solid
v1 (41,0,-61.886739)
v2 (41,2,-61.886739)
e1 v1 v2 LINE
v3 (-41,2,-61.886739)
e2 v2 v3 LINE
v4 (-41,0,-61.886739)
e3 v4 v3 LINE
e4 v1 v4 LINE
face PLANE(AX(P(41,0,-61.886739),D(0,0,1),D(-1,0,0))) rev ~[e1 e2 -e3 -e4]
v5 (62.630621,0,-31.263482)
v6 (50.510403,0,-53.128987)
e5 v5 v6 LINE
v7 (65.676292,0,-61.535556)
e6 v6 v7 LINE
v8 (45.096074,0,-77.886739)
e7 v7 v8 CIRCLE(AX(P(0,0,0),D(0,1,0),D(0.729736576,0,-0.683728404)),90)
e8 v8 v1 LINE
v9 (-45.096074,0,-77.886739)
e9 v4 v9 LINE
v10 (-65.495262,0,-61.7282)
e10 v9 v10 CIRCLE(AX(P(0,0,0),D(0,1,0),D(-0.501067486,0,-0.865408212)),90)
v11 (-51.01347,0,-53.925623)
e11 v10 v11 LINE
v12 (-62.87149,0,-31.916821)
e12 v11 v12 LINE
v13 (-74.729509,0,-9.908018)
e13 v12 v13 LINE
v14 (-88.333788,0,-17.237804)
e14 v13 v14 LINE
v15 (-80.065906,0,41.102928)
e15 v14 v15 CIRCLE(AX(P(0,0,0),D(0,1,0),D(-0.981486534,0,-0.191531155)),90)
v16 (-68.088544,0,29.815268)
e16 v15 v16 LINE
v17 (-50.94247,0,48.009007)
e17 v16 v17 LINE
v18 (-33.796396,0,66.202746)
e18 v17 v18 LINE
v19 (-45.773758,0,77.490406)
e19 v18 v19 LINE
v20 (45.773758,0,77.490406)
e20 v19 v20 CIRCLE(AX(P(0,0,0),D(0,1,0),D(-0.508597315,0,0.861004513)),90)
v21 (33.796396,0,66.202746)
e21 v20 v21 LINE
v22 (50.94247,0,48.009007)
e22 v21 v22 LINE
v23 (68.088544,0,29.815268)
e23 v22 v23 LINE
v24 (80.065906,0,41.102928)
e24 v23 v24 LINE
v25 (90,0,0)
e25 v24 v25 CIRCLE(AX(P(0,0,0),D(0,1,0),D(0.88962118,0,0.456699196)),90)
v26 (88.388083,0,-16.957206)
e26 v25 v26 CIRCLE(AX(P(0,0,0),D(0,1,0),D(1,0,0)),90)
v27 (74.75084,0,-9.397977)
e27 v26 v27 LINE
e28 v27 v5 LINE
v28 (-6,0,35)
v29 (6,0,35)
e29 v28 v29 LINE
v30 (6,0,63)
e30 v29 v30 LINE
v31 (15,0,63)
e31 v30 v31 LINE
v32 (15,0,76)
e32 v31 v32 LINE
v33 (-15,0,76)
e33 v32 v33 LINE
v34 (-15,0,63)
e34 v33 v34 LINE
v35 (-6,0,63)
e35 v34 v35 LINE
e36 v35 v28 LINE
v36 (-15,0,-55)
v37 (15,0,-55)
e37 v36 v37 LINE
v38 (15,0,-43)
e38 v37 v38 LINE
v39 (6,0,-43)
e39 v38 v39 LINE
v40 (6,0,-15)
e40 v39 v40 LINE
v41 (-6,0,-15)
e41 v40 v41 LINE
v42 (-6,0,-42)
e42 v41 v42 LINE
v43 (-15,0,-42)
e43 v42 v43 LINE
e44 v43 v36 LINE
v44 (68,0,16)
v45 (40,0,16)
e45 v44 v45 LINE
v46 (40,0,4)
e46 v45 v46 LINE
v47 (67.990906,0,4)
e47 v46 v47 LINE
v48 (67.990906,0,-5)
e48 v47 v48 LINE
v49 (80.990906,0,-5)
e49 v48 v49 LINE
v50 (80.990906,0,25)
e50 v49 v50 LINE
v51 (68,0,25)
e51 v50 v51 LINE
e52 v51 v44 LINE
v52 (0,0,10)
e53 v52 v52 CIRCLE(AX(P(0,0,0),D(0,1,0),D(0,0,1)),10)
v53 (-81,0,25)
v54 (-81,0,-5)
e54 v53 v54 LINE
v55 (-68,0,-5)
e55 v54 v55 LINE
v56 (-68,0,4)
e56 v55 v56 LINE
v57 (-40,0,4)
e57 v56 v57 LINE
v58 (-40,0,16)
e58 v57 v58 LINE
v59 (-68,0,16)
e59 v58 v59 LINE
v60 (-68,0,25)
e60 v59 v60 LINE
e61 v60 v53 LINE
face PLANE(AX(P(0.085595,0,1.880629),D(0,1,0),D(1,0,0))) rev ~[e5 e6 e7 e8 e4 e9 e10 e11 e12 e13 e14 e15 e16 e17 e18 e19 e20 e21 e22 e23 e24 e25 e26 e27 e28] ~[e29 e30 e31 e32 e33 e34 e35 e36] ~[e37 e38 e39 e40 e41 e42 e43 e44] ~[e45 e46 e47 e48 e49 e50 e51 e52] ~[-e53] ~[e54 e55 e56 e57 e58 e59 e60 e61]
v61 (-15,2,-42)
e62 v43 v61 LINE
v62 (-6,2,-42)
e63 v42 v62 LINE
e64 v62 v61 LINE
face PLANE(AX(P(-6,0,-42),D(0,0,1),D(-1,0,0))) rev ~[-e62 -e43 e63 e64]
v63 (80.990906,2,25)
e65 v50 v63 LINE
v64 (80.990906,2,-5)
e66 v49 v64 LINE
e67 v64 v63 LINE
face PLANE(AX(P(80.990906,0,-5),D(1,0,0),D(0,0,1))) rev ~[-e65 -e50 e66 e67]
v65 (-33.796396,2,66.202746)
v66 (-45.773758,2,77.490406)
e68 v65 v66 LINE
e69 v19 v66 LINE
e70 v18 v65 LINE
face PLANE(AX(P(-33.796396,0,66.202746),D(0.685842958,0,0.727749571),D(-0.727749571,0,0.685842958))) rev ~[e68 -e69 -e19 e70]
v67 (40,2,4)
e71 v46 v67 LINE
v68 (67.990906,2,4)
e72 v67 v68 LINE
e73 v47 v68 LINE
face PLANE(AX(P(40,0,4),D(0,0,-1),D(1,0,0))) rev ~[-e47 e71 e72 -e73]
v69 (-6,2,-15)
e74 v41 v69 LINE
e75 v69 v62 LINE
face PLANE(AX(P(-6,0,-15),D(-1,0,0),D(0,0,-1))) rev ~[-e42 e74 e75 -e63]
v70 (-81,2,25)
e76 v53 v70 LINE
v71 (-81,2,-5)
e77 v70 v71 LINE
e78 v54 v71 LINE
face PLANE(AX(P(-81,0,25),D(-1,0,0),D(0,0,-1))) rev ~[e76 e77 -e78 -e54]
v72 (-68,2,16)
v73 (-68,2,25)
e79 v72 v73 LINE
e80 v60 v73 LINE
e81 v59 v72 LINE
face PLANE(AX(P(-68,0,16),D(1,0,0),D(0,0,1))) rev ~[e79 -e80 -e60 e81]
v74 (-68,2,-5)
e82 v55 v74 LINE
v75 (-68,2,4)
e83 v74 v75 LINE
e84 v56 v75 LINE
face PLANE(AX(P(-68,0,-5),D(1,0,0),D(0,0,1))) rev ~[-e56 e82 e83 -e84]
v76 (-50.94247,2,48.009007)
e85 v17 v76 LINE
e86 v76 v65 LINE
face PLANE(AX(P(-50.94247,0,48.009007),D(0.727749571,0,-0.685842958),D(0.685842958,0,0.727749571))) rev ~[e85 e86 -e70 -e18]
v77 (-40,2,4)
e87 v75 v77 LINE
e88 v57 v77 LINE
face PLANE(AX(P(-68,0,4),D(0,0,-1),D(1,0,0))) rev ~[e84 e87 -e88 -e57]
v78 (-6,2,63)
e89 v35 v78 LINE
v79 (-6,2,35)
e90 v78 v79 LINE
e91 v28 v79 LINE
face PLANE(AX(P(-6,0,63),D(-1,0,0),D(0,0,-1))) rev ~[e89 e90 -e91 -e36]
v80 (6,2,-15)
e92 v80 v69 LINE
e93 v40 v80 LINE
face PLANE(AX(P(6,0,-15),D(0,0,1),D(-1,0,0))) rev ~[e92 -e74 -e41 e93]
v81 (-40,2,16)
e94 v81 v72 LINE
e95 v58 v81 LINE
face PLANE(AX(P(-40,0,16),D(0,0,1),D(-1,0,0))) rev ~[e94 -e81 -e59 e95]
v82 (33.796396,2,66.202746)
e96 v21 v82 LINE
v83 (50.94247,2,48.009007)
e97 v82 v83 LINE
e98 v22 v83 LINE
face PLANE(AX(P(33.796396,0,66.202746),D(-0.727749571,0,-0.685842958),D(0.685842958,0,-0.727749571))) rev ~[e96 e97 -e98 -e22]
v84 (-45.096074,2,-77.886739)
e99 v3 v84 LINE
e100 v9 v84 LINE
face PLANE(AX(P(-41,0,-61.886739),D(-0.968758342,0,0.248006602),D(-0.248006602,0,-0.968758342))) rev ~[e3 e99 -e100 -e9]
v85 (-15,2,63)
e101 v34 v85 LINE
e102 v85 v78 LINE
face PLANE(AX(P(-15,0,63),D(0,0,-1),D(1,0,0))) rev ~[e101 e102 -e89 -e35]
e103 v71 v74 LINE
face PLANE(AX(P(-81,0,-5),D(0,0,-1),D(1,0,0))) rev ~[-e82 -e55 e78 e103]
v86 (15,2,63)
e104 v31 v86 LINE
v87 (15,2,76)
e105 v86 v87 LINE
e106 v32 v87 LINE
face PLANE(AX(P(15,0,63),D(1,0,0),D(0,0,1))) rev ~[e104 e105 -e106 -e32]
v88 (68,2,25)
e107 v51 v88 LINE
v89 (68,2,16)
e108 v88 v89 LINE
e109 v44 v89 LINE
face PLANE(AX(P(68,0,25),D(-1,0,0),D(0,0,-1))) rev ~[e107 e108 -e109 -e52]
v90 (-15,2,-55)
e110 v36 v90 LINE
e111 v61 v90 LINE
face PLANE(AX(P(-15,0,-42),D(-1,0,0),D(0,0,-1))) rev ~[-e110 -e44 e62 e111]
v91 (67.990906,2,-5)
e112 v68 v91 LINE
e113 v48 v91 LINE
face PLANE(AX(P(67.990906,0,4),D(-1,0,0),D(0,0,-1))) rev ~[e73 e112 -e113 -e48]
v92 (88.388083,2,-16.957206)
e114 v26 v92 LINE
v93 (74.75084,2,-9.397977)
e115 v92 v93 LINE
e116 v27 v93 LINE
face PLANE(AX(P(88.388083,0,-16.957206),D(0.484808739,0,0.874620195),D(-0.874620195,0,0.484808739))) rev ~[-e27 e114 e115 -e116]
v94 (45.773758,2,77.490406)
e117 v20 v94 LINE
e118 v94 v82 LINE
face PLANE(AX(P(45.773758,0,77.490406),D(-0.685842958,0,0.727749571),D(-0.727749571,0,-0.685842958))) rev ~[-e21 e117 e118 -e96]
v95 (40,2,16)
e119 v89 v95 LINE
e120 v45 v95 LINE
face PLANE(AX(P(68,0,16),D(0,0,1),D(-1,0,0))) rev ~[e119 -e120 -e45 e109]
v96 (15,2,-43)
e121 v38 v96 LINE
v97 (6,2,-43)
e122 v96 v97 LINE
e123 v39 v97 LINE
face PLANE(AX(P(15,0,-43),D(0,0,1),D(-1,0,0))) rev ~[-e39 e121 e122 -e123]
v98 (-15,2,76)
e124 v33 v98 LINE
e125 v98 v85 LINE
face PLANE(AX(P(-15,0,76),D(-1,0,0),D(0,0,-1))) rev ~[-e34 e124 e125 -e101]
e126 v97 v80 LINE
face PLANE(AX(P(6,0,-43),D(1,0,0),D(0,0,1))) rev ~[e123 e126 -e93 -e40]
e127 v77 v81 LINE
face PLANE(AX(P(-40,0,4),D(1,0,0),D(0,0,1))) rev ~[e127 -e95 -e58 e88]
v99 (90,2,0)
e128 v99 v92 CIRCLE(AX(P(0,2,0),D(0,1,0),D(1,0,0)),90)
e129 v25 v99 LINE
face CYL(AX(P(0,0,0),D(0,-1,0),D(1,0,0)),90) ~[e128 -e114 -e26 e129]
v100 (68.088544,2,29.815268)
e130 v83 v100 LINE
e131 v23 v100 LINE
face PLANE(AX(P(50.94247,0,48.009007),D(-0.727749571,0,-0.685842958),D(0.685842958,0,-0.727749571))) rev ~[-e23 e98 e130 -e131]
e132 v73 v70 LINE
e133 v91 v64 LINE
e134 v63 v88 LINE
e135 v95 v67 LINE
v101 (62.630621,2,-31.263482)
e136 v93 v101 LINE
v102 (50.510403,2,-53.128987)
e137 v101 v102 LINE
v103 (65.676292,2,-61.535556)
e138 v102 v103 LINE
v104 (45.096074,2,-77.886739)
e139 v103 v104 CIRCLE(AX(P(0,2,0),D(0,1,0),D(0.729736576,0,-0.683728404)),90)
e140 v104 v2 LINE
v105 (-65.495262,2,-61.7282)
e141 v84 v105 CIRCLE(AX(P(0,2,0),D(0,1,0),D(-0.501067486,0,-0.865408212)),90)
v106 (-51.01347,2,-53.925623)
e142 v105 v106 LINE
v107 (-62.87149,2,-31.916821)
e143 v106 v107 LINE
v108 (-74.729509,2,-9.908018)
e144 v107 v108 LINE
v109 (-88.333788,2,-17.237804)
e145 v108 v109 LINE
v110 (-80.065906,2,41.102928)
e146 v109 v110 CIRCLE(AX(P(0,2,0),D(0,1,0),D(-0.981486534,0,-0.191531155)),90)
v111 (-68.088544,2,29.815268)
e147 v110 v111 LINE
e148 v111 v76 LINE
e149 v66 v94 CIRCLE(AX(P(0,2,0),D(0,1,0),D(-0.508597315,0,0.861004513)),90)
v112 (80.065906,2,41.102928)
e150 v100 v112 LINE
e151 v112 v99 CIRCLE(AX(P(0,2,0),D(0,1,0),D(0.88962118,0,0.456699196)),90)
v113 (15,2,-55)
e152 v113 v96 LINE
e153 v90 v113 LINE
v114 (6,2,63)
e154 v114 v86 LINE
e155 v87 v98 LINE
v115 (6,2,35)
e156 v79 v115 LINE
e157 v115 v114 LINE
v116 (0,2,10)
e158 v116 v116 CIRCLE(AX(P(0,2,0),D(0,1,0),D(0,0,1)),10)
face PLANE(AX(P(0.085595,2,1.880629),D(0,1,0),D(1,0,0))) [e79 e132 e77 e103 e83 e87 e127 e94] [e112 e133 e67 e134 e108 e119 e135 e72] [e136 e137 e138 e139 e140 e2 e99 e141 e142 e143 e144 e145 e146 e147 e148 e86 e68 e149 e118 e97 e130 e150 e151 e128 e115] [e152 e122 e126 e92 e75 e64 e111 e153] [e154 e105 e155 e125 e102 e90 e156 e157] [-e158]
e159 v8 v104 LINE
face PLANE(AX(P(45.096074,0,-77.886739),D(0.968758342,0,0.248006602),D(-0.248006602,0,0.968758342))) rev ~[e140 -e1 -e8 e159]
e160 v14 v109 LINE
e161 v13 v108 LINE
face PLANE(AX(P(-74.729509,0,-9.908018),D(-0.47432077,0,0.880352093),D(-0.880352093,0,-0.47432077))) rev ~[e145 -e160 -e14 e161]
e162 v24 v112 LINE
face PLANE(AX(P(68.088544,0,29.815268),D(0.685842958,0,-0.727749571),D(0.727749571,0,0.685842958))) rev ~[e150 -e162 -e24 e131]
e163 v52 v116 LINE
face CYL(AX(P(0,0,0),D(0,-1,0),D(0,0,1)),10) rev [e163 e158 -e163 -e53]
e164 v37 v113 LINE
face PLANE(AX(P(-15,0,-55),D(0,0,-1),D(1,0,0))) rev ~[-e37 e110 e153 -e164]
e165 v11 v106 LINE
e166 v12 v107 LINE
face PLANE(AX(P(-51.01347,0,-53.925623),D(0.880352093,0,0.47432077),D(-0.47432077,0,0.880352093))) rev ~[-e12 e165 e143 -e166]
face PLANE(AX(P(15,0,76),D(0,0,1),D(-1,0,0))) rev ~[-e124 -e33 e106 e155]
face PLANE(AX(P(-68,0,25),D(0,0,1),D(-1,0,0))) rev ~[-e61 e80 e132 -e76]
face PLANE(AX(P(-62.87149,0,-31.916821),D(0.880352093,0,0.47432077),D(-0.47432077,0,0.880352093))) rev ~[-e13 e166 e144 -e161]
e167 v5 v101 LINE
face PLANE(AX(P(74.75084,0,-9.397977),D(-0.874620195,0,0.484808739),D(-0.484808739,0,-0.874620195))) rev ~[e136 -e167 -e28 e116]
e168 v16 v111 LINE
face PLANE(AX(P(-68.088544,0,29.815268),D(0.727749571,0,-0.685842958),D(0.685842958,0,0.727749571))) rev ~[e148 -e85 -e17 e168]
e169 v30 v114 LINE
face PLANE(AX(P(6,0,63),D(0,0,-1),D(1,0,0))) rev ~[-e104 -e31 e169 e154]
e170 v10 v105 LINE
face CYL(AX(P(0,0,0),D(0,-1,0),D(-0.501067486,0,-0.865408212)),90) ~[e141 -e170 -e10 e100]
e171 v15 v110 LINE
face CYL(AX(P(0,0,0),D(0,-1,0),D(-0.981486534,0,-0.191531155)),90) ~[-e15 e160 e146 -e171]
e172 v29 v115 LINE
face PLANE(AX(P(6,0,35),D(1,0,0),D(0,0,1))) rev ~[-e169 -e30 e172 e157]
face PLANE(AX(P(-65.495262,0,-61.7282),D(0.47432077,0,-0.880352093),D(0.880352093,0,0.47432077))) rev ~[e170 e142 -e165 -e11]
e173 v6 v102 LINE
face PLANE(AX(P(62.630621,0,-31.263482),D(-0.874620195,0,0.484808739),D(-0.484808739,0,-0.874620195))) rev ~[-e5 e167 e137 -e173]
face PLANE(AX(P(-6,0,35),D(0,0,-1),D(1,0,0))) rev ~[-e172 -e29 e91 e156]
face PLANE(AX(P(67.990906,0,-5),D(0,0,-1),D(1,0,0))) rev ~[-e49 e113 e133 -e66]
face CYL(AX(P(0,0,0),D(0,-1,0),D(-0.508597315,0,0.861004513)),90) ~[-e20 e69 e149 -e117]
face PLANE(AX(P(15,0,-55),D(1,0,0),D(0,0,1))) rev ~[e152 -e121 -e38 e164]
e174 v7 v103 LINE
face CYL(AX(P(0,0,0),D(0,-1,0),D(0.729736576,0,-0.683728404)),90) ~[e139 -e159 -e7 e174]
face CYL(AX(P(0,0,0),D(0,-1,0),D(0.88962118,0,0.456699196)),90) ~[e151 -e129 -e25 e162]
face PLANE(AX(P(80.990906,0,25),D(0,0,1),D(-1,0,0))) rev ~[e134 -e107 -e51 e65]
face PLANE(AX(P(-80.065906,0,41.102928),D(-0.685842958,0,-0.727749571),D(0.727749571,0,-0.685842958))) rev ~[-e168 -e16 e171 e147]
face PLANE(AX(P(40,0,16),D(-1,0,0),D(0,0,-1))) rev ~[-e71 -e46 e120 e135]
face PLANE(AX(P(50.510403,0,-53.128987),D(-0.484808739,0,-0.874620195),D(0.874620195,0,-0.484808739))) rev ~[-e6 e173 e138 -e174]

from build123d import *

# Parameters (mm, degrees)
SKETCH1_R           = 10
BOSS_EXTRUDE1_DEPTH = 2


with BuildPart() as part:
    # Sketch1 → Boss-Extrude1 (new body)
    with BuildSketch(Plane(origin=(0, 0, 0), x_dir=(1, 0, 0), z_dir=(0, 1, 0))):
        with BuildLine():
            Line((74.750839635, 9.397976908), (62.630621153, 31.263481795))
            Line((62.630621153, 31.263481795), (50.510402672, 53.128986682))
            Line((50.510402672, 53.128986682), (65.676291813, 61.535556337))
            ThreePointArc((65.676291813, 61.535556337), (55.986333501, 70.466520143), (45.096073772, 77.886739118))
            Line((45.096073772, 77.886739118), (41, 61.886739118))
            Line((41, 61.886739118), (0, 61.886739118))
            Line((0, 61.886739118), (-41, 61.886739118))
            Line((-41, 61.886739118), (-45.096073772, 77.886739118))
            ThreePointArc((-45.096073772, 77.886739118), (-55.882783617, 70.548667565), (-65.495262312, 61.728199509))
            Line((-65.495262312, 61.728199509), (-51.013470384, 53.925622849))
            Line((-51.013470384, 53.925622849), (-62.871489624, 31.916820526))
            Line((-62.871489624, 31.916820526), (-74.729508865, 9.908018203))
            Line((-74.729508865, 9.908018203), (-88.333788079, 17.237803909))
            ThreePointArc((-88.333788079, 17.237803909), (-89.109620692, -12.628360942), (-80.06590623, -41.102927627))
            Line((-80.06590623, -41.102927627), (-68.088543882, -29.815267766))
            Line((-68.088543882, -29.815267766), (-50.942469943, -48.009007032))
            Line((-50.942469943, -48.009007032), (-33.796396003, -66.202746297))
            Line((-33.796396003, -66.202746297), (-45.773758351, -77.490406158))
            ThreePointArc((-45.773758351, -77.490406158), (0, -90), (45.773758351, -77.490406158))
            Line((45.773758351, -77.490406158), (33.796396003, -66.202746297))
            Line((33.796396003, -66.202746297), (50.942469943, -48.009007032))
            Line((50.942469943, -48.009007032), (68.088543882, -29.815267766))
            Line((68.088543882, -29.815267766), (80.06590623, -41.102927627))
            ThreePointArc((80.06590623, -41.102927627), (87.481231018, -21.143183763), (90, 0))
            ThreePointArc((90, 0), (89.596114425, 8.516823346), (88.388082669, 16.957206202))
            Line((88.388082669, 16.957206202), (74.750839635, 9.397976908))
        make_face()
        Polygon((-68, 5), (-68, -4), (-40, -4), (-40, -16), (-68, -16), (-68, -25), (-81, -25), (-81, 5), align=None, mode=Mode.SUBTRACT)
        Polygon((-15, -63), (-6, -63), (-6, -35), (6, -35), (6, -63), (15, -63), (15, -76), (-15, -76), align=None, mode=Mode.SUBTRACT)
        Polygon((68, -25), (68, -16), (40, -16), (40, -4), (67.990906131, -4), (67.990906131, 5), (80.990906131, 5), (80.990906131, -25), align=None, mode=Mode.SUBTRACT)
        Polygon((15, 43), (6, 43), (6, 15), (-6, 15), (-6, 42), (-15, 42), (-15, 55), (15, 55), align=None, mode=Mode.SUBTRACT)
        with Locations(Location((0, 0, 0), (0, 0, 270))):
            Circle(SKETCH1_R, mode=Mode.SUBTRACT)
    extrude(amount=BOSS_EXTRUDE1_DEPTH)


solid = part.part
